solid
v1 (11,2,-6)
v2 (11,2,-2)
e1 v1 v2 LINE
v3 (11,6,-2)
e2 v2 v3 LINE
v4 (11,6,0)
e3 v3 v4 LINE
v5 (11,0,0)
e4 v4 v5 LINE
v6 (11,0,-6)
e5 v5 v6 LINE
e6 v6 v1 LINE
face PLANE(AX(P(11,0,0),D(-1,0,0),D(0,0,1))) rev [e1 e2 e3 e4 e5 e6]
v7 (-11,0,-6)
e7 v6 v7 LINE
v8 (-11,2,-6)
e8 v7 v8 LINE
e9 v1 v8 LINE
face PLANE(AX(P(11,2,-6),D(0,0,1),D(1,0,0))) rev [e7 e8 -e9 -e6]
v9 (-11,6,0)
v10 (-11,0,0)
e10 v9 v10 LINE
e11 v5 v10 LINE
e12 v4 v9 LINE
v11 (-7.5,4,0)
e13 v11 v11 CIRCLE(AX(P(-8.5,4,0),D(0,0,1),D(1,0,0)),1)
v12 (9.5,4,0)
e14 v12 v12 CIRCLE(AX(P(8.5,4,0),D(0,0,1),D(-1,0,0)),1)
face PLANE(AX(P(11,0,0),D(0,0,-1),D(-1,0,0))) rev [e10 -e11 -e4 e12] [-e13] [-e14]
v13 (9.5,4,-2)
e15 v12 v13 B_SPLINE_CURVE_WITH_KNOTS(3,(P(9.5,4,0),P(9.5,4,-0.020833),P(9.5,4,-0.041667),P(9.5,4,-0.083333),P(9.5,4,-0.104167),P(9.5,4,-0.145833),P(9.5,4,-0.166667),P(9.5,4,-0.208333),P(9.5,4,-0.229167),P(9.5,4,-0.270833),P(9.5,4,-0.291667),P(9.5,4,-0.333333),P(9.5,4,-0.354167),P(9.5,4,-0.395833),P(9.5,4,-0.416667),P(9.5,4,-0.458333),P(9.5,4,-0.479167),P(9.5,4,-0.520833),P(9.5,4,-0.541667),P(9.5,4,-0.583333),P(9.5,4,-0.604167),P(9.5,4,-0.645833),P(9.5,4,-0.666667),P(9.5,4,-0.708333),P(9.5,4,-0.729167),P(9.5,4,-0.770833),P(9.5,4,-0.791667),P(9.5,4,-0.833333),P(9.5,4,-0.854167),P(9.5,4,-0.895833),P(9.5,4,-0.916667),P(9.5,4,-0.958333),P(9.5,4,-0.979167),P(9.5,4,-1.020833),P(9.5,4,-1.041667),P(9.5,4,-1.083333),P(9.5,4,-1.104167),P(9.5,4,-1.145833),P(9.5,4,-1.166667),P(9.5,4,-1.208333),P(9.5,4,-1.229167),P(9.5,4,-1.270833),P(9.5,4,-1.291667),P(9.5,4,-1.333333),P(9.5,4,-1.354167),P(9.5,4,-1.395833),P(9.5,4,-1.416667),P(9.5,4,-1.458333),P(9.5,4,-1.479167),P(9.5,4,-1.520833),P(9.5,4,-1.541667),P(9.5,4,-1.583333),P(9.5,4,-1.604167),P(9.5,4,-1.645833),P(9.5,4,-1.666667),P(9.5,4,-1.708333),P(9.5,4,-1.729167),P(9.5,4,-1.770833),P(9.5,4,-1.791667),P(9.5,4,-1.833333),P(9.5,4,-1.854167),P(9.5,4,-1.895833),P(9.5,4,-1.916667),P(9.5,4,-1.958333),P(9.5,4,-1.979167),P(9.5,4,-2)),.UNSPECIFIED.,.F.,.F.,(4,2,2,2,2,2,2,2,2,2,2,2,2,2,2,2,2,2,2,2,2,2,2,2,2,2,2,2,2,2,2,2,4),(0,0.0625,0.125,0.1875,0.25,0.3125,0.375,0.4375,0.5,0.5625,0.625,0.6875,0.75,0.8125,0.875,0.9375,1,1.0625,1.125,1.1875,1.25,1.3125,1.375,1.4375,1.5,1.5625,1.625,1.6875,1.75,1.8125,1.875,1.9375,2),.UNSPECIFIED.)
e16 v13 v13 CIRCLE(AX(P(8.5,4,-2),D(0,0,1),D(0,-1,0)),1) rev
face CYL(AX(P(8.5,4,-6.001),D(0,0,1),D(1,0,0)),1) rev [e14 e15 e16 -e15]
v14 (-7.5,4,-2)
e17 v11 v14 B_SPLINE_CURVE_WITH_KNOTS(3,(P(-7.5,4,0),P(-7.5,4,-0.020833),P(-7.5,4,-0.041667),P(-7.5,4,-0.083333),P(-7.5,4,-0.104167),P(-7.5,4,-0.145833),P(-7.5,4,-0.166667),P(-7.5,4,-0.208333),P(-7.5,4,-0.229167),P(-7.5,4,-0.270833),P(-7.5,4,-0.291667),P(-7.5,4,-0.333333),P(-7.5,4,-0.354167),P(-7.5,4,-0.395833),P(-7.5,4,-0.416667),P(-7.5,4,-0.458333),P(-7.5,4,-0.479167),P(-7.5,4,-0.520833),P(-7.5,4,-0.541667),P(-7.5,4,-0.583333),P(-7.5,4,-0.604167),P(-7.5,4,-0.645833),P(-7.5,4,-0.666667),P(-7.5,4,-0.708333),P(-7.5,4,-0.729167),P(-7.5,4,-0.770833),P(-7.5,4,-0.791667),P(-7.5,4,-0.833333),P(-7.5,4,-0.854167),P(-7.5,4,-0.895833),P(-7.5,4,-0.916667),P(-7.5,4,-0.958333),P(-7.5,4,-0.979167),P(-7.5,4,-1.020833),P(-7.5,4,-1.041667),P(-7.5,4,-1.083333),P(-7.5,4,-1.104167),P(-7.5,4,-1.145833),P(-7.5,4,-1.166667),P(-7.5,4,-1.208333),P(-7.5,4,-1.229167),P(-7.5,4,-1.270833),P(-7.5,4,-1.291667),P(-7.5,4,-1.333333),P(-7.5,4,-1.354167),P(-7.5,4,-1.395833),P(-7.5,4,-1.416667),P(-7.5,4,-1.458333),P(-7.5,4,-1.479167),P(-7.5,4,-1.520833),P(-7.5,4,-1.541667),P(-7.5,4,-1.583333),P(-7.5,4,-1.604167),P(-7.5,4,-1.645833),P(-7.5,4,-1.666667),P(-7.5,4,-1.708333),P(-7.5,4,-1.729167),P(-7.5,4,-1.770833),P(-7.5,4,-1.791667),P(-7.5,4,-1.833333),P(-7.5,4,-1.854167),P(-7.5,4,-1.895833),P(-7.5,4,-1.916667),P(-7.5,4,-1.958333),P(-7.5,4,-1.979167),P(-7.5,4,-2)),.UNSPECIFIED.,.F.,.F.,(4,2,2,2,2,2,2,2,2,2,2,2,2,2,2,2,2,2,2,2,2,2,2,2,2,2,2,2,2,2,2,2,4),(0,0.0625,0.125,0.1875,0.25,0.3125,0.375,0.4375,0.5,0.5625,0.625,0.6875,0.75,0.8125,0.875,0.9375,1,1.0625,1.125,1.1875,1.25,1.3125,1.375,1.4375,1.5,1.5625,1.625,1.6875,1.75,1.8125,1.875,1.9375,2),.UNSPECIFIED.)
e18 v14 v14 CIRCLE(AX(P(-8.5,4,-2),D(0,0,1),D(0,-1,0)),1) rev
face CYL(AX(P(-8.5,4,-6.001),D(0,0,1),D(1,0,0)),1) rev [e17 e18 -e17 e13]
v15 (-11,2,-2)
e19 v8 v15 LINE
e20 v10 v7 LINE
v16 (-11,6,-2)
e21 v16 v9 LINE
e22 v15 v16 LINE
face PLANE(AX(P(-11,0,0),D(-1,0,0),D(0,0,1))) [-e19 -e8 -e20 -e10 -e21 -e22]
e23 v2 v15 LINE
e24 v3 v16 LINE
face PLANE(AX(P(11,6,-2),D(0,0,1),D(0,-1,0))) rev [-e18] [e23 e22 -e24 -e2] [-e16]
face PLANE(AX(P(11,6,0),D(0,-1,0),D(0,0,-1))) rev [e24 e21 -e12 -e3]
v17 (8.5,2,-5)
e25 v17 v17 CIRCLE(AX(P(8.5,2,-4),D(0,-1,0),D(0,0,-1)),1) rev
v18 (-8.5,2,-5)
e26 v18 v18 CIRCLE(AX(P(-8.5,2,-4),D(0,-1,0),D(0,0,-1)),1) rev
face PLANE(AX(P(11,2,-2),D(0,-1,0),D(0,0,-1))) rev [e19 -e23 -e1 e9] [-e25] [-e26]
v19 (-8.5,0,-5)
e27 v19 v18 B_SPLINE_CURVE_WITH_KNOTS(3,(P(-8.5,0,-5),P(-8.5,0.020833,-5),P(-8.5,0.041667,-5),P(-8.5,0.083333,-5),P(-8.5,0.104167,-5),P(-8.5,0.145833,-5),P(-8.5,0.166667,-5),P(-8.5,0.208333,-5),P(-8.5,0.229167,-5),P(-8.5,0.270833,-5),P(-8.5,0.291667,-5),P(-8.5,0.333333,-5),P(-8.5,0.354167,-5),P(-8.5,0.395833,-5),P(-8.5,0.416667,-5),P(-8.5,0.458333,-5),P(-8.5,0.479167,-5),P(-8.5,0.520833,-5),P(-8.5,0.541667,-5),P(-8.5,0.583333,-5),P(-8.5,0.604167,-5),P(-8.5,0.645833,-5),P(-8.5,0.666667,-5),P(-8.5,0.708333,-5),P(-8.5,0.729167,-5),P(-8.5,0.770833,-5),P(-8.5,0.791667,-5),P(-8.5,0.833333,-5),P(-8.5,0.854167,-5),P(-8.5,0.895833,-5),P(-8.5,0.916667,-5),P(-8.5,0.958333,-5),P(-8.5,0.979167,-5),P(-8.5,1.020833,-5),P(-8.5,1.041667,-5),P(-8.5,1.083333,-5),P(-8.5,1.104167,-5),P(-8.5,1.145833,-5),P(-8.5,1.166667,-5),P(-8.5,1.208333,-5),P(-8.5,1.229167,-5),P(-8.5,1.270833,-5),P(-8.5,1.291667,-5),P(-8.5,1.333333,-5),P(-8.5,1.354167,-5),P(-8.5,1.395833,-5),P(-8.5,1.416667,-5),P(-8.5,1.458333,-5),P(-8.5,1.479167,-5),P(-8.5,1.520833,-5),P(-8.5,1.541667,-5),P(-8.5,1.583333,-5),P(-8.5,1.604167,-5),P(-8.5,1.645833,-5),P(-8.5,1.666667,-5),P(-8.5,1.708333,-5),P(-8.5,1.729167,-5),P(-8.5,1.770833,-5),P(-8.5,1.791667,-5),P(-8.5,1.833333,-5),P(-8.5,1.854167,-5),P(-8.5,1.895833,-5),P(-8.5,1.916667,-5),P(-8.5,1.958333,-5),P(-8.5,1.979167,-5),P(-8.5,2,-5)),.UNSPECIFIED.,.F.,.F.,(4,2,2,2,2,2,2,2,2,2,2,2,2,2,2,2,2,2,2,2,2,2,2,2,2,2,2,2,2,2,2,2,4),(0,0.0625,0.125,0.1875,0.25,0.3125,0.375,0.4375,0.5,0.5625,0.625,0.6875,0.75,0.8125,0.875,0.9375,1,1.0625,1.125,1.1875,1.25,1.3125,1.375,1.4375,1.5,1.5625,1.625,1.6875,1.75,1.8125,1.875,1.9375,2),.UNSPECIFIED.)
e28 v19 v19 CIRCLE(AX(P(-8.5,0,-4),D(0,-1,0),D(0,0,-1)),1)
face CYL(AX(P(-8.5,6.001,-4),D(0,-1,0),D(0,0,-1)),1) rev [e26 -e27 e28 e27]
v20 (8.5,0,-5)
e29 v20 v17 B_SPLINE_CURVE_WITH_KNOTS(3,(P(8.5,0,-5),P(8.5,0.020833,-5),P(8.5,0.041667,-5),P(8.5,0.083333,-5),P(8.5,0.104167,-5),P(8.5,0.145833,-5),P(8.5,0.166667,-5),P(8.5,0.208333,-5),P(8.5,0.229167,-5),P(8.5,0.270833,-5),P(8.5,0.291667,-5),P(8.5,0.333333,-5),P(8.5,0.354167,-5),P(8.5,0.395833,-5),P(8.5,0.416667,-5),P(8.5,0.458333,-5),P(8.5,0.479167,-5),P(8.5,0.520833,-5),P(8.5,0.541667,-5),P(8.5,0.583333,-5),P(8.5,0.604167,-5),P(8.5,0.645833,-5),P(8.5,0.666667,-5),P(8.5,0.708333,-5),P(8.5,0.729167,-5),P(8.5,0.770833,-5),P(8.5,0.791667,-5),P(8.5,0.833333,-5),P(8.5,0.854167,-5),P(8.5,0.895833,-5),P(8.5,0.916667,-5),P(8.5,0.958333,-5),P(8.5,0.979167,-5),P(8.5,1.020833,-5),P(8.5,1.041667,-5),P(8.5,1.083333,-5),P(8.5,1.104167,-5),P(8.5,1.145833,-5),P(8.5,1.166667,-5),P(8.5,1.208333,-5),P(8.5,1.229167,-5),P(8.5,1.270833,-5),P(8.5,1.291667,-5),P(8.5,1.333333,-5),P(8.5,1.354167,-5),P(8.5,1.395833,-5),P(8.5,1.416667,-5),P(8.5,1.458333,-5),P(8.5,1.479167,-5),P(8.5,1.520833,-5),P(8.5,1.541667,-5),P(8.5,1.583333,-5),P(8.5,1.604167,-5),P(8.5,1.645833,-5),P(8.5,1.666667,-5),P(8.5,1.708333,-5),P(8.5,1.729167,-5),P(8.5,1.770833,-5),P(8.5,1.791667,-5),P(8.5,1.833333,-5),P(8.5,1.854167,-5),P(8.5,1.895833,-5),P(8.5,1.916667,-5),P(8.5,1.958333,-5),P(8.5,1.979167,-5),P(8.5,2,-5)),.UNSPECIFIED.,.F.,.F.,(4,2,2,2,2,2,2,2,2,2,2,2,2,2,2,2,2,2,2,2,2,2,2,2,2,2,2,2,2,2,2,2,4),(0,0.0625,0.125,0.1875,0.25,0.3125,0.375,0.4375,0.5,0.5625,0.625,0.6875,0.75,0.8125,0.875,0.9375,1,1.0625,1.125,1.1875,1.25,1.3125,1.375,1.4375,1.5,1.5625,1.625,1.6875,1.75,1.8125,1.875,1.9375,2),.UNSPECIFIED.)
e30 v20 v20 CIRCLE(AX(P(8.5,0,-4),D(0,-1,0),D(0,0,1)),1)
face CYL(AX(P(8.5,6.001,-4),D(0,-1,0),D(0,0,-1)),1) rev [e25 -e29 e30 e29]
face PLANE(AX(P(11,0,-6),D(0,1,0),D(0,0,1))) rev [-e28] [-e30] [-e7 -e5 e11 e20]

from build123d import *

# Parameters (mm, degrees)
EXTRUDE_1_DEPTH     = 11
CUT_EXTRUDE_1_REACH = 15.892
SKETCH_2_R          = 1
CUT_EXTRUDE_2_REACH = 15.892
SKETCH_3_R          = 1


with BuildPart() as part:
    # 草图1 → 凸台-拉伸1 (new, symmetric)
    with BuildSketch(Plane(origin=(0, 0, 0), x_dir=(0, 0, -1), z_dir=(1, 0, 0))):
        Polygon((0, 0), (0, 6), (2, 6), (2, 2), (6, 2), (6, 0), align=None)
    extrude(amount=EXTRUDE_1_DEPTH, both=True)

    # 草图2 → 切除-拉伸1 (cut, up to next)
    with BuildSketch(Plane.XY, mode=Mode.PRIVATE) as cut_extrude_1_sk1:
        with Locations((-8.5, 4)):
            Circle(SKETCH_2_R)
    cut_extrude_1_tool1 = extrude(cut_extrude_1_sk1.sketch, amount=-CUT_EXTRUDE_1_REACH, mode=Mode.PRIVATE) & part.part
    # 草图2 → 切除-拉伸1 (cut, up to next)
    with BuildSketch(Plane.XY, mode=Mode.PRIVATE) as cut_extrude_1_sk2:
        with Locations((8.5, 4)):
            Circle(SKETCH_2_R)
    cut_extrude_1_tool2 = extrude(cut_extrude_1_sk2.sketch, amount=-CUT_EXTRUDE_1_REACH, mode=Mode.PRIVATE) & part.part
    add(cut_extrude_1_tool1.solids().sort_by_distance((-8.5, 4, 0))[0], mode=Mode.SUBTRACT)
    add(cut_extrude_1_tool2.solids().sort_by_distance((8.5, 4, 0))[0], mode=Mode.SUBTRACT)

    # 草图3 → 切除-拉伸2 (cut, up to next)
    with BuildSketch(Plane.XZ, mode=Mode.PRIVATE) as cut_extrude_2_sk1:
        with Locations(Location((-8.5, -4, 0), (0, 0, 270))):
            Circle(SKETCH_3_R)
    cut_extrude_2_tool1 = extrude(cut_extrude_2_sk1.sketch, amount=-CUT_EXTRUDE_2_REACH, mode=Mode.PRIVATE) & part.part
    # 草图3 → 切除-拉伸2 (cut, up to next)
    with BuildSketch(Plane.XZ, mode=Mode.PRIVATE) as cut_extrude_2_sk2:
        with Locations(Location((8.5, -4, 0), (0, 0, 270))):
            Circle(SKETCH_3_R)
    cut_extrude_2_tool2 = extrude(cut_extrude_2_sk2.sketch, amount=-CUT_EXTRUDE_2_REACH, mode=Mode.PRIVATE) & part.part
    add(cut_extrude_2_tool1.solids().sort_by_distance((-8.5, 0, -4))[0], mode=Mode.SUBTRACT)
    add(cut_extrude_2_tool2.solids().sort_by_distance((8.5, 0, -4))[0], mode=Mode.SUBTRACT)


solid = part.part
